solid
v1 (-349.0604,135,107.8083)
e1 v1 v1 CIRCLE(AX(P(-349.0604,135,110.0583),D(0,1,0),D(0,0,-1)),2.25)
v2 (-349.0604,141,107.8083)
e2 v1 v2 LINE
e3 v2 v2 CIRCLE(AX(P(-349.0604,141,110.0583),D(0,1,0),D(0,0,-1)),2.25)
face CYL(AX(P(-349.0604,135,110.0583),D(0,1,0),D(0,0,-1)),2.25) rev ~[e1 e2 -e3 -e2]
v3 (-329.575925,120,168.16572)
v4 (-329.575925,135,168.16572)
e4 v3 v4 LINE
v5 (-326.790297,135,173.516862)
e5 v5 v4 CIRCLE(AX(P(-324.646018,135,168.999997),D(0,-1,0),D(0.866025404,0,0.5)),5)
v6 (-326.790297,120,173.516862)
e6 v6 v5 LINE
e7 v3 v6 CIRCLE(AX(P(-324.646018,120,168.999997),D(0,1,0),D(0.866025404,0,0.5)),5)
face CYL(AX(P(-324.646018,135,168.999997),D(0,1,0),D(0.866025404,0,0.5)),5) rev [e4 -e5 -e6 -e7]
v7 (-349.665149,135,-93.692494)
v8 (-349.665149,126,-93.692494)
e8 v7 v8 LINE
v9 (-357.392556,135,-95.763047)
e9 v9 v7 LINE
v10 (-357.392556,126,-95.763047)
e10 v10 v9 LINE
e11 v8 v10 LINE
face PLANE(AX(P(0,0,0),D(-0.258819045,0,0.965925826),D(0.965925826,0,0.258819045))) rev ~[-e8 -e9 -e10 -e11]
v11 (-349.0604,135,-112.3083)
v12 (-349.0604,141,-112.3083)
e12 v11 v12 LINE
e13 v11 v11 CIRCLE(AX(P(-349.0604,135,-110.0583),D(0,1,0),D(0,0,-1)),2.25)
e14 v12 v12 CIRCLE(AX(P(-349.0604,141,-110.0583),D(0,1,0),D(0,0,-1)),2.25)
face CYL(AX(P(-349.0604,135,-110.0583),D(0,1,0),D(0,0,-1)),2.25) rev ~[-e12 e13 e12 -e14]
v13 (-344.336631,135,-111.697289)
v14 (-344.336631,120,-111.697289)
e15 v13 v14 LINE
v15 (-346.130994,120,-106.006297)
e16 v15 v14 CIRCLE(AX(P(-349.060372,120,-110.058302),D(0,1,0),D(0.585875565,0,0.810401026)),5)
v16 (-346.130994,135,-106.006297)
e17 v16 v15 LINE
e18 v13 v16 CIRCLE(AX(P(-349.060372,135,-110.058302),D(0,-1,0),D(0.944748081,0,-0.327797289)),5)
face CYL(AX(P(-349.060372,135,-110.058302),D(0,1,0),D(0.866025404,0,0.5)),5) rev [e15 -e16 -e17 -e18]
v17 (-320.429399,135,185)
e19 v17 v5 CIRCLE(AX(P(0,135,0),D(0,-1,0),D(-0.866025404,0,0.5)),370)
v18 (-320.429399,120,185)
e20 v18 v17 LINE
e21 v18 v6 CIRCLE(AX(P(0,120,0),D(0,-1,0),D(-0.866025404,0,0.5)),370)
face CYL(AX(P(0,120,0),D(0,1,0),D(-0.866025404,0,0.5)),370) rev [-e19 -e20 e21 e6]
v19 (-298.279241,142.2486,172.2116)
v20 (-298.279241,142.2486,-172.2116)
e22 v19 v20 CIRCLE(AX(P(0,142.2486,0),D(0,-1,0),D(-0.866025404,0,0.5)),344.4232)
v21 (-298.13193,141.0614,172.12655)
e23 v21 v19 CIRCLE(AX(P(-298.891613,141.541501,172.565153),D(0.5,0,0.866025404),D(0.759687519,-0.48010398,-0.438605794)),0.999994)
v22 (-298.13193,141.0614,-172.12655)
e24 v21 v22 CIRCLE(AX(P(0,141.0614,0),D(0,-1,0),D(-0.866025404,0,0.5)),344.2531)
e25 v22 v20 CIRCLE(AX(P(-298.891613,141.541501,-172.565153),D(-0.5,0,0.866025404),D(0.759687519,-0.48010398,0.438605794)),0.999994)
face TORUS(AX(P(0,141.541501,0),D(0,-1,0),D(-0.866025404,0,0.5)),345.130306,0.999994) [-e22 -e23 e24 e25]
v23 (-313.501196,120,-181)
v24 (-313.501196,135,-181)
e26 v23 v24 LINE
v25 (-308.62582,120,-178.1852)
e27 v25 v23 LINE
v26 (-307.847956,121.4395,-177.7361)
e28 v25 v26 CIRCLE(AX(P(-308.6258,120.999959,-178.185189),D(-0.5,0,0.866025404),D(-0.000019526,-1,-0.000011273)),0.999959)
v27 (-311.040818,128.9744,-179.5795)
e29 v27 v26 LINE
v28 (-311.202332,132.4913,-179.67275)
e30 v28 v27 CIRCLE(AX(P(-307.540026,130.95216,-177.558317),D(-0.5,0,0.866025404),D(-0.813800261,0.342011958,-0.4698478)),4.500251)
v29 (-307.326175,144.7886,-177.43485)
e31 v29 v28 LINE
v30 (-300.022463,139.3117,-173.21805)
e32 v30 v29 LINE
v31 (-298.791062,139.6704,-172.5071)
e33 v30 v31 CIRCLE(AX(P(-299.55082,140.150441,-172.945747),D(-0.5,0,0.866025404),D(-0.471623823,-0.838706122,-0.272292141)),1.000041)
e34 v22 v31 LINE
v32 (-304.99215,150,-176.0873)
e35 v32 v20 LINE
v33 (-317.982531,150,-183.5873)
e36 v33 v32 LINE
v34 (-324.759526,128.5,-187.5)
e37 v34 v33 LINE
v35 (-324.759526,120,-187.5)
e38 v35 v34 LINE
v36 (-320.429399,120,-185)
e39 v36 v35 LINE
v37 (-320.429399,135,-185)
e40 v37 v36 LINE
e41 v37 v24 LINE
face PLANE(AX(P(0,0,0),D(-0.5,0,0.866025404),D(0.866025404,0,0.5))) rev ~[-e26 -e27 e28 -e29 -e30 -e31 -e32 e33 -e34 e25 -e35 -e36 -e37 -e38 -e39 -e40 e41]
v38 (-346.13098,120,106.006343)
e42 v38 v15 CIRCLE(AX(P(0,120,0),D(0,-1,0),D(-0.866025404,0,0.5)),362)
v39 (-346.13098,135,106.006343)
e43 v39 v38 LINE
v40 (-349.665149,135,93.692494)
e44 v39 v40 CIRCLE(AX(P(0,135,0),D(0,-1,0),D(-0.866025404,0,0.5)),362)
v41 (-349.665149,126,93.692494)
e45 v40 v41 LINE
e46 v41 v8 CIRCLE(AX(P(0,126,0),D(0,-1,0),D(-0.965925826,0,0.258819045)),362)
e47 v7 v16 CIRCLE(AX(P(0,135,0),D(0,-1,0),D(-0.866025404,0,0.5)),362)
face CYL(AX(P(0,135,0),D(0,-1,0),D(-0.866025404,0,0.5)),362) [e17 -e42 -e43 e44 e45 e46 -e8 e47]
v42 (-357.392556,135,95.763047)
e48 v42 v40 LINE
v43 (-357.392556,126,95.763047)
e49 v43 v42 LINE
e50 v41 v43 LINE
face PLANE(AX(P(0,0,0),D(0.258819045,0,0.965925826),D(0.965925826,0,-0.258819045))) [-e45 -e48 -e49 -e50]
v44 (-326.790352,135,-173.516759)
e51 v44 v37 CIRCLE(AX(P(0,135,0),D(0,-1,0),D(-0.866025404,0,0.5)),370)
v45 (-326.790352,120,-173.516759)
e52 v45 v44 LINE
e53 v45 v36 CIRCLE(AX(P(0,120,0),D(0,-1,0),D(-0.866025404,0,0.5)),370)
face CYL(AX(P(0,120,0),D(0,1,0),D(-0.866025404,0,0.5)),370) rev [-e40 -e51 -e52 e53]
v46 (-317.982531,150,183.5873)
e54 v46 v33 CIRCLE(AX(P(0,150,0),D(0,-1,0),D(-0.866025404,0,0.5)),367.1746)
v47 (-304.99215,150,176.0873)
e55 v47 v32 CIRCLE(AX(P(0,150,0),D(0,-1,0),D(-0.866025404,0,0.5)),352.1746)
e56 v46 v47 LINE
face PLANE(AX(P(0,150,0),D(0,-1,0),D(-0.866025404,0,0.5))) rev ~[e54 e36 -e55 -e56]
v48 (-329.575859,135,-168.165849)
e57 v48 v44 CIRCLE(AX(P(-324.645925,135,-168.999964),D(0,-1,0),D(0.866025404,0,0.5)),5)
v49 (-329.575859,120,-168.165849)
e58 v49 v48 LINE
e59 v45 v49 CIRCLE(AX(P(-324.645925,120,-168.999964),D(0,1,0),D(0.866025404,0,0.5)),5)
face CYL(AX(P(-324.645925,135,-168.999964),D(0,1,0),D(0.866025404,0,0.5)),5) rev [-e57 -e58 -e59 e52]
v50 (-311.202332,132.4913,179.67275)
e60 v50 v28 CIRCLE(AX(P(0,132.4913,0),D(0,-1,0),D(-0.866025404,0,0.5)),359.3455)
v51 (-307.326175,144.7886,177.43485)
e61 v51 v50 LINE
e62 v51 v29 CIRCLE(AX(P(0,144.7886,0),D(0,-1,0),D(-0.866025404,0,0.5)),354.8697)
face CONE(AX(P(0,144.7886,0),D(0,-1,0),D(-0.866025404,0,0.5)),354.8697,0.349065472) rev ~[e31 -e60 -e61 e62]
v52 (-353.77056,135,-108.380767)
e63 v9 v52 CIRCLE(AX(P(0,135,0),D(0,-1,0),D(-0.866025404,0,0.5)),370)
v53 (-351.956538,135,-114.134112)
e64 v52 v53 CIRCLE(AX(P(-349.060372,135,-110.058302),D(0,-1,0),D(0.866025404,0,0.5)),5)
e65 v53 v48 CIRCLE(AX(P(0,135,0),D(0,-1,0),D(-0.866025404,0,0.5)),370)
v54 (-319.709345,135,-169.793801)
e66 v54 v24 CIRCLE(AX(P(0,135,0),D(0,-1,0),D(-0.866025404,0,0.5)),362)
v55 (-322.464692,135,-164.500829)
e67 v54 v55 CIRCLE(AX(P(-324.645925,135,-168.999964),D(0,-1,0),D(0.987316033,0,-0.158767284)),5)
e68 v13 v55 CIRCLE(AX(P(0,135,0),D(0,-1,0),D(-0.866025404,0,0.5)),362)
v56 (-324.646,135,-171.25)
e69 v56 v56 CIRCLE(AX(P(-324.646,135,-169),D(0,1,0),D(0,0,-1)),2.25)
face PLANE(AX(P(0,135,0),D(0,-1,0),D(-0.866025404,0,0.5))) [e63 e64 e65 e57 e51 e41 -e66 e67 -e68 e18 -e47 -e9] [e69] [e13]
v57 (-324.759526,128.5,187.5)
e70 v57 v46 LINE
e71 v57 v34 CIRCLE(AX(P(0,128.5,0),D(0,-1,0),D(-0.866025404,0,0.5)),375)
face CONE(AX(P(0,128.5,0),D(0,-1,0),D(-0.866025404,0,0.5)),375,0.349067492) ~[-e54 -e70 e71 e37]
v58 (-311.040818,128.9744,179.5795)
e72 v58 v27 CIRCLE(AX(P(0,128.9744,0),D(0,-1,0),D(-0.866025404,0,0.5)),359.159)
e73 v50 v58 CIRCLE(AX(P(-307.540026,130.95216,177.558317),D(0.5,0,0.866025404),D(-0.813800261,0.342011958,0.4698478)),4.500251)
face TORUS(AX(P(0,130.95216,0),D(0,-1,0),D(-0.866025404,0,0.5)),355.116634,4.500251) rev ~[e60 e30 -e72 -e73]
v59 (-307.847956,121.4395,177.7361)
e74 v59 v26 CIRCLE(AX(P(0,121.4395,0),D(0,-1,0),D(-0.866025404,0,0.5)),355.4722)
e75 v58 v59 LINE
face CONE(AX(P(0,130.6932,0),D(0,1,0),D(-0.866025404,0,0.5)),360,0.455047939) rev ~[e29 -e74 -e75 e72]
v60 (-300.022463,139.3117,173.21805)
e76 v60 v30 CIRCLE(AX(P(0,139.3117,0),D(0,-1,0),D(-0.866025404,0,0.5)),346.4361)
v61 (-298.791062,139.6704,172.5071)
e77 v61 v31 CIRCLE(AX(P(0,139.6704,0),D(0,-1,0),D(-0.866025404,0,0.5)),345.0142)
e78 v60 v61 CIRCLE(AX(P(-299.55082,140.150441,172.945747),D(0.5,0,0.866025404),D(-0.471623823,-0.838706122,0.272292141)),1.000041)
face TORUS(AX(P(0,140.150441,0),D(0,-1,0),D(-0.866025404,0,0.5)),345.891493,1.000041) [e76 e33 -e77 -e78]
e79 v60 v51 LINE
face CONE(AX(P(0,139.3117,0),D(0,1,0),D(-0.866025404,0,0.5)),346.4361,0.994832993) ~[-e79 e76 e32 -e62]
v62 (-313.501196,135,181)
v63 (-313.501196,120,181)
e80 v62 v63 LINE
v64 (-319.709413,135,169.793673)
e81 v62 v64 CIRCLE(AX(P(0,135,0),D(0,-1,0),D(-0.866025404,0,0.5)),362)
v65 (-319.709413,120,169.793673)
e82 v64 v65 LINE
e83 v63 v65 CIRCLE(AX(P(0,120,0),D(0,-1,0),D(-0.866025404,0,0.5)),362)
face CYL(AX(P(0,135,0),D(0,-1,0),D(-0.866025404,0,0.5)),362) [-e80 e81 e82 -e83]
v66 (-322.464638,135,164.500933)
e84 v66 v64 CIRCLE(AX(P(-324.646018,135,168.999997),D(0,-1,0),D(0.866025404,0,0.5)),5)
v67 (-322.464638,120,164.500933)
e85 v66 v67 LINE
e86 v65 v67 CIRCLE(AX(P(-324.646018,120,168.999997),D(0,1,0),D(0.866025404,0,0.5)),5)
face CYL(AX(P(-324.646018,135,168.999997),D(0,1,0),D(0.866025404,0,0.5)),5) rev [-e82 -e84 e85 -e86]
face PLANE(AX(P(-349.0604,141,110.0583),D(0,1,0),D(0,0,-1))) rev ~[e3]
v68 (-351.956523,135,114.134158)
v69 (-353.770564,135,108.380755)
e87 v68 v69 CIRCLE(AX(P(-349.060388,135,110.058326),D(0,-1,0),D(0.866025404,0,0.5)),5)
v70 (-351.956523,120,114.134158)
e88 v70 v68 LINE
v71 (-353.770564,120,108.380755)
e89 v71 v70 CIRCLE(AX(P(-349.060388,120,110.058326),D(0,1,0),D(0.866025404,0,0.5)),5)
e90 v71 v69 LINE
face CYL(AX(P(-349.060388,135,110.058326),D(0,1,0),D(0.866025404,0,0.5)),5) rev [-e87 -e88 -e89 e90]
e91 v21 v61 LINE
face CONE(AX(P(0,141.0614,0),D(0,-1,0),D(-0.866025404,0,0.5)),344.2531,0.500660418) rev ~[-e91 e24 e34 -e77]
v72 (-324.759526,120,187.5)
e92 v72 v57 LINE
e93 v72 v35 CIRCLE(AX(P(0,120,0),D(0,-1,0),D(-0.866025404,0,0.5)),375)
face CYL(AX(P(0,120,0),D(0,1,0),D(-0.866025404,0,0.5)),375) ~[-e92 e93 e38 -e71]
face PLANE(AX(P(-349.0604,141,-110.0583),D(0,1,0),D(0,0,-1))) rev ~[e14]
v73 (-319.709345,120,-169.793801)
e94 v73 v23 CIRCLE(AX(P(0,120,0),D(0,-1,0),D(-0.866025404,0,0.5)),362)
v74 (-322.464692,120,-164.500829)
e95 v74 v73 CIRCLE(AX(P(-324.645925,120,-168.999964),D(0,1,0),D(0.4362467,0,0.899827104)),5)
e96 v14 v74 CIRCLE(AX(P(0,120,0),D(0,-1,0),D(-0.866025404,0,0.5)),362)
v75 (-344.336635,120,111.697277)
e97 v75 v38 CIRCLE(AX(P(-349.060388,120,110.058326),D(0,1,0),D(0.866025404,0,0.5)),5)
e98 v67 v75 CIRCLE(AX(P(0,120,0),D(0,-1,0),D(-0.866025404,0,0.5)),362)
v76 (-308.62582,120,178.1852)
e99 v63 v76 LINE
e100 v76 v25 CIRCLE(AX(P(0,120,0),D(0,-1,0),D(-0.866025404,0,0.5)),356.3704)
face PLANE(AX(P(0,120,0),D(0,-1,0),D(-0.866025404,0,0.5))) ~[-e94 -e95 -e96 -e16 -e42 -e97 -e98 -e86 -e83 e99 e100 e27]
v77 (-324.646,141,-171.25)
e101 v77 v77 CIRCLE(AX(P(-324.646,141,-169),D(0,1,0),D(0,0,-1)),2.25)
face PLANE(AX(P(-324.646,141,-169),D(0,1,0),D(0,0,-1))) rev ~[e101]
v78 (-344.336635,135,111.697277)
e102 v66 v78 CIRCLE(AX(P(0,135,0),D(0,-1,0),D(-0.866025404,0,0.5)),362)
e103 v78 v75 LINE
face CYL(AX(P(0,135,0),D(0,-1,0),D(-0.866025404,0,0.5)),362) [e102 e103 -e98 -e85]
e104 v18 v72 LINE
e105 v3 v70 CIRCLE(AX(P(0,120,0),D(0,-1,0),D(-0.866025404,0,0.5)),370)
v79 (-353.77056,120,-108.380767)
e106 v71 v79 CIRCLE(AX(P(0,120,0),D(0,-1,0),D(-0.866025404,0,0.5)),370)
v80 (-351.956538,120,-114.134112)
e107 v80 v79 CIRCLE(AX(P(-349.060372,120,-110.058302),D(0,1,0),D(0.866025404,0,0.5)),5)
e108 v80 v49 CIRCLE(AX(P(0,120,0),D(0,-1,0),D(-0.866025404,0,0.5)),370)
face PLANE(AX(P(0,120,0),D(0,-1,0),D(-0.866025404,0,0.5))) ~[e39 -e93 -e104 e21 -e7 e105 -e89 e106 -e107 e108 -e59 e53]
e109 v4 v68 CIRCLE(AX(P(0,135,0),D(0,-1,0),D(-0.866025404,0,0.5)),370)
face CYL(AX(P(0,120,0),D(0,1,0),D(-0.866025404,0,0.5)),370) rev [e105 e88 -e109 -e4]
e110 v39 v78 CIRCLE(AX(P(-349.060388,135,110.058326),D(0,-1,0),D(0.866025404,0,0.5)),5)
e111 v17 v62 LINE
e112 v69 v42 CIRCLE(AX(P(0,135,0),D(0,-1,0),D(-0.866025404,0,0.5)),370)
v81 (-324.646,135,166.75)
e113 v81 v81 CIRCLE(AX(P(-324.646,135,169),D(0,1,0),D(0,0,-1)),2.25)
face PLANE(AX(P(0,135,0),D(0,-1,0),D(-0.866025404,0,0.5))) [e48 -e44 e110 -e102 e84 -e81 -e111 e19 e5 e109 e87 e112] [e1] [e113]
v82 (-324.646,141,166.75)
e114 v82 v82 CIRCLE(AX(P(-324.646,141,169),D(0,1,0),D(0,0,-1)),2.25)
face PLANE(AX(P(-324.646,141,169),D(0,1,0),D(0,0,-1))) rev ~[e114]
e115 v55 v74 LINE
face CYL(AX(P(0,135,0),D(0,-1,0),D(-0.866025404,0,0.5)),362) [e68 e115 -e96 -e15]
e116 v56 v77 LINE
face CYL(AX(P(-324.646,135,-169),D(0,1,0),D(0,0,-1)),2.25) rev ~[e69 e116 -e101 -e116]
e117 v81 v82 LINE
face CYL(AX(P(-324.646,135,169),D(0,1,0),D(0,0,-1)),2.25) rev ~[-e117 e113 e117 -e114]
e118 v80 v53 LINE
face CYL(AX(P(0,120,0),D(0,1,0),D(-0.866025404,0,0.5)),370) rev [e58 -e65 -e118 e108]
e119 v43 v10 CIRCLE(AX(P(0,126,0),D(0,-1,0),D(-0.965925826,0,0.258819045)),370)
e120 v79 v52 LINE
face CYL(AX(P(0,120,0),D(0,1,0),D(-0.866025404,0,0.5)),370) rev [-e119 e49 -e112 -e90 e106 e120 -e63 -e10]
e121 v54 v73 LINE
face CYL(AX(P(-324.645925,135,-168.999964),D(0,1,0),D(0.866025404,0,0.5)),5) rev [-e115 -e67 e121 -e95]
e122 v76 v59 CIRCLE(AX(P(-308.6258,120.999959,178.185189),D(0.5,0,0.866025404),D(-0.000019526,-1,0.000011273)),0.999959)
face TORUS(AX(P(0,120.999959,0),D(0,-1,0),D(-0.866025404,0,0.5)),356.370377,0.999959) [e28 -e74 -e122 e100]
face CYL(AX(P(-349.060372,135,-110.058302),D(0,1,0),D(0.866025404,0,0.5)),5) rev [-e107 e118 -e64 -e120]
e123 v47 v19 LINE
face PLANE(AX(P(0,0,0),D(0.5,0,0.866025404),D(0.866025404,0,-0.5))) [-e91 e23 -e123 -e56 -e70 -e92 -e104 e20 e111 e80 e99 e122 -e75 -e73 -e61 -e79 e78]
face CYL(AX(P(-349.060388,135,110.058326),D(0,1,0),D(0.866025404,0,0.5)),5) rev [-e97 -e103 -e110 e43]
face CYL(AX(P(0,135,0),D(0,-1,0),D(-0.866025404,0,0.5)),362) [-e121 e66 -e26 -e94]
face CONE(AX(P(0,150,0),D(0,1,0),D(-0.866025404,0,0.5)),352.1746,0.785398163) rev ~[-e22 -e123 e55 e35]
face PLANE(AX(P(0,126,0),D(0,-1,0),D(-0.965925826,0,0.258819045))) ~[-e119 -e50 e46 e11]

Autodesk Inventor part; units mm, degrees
ref_plane "YZ Plane" through (0, 0, 0) normal (1, 0, 0) x (0, 1, 0)
ref_plane "XZ Plane" through (0, 0, 0) normal (0, 1, 0) x (-1, 0, 0)
ref_plane "XY Plane" through (0, 0, 0) normal (0, 0, 1) x (1, 0, 0)
sketch "Skizze1" plane through (0, 0, 0) normal (0, 0, 1) x (1, 0, 0)
  arc A0 (-346.4361, 139.3117) -> (-345.0142, 139.6704) centre (-345.8915, 140.1504) ccw
  line L0 (-344.2531, 141.0614) -> (-345.0142, 139.6704)
  arc A1 (-344.2531, 141.0614) -> (-344.4232, 142.2486) centre (-345.1303, 141.5415) ccw
  line L1 (-352.1746, 150) -> (-344.4232, 142.2486)
  line L2 (-367.1746, 150) -> (-352.1746, 150)
  line L3 (-375, 128.5) -> (-367.1746, 150)
  line L4 (-375, 120) -> (-375, 128.5)
  line L5 (-356.3704, 120) -> (-375, 120)
  line L6 (0, 0) -> (-360, 0) construction
  line L7 (-356.9218, 139.1504) -> (-345, 0) construction
  line L8 (-356.9218, 139.1504) -> (0, 139.1504) construction
  line L9 (0, 139.1504) -> (0, 0) construction
  line L10 (-360, 130.6932) -> (-360, 0) construction
  line L11 (0, 0) -> (-225, 0) construction
  line L12 (-225, 0) -> (-225, 50) construction
  line L13 (-225, 50) -> (0, 50) construction
  line L14 (0, 50) -> (0, 0) construction
  line L15 (-346.4361, 139.3117) -> (-354.8697, 144.7886)
  line L16 (-360, 130.6932) -> (-355.4722, 121.4395)
  arc A2 (-356.3704, 120) -> (-355.4722, 121.4395) centre (-356.3704, 121) ccw
  line L17 (-225, 0) -> (-345, 0) construction
  line L18 (-345, 0) -> (-345, 35) construction
  line L19 (-345, 35) -> (-225, 35) construction
  line L20 (-225, 35) -> (-225, 0) construction
  line L21 (-354.8697, 144.7886) -> (-360, 130.6932)
  line L22 (-356.9218, 139.1504) -> (0, 9.2415) construction
  line L23 (-344.2531, 141.0614) -> (-355.4932, 120.52) construction
  line L24 (-368.25, 135) -> (-363.75, 135) construction
  line L25 (-363.75, 135) -> (-363.75, 141) construction
  line L26 (-363.75, 141) -> (-368.25, 141) construction
  line L27 (-368.25, 141) -> (-368.25, 135) construction
  line L28 (-367.6, 135) -> (-364.4, 135) construction
  line L29 (-364.4, 135) -> (-364.4, 129) construction
  line L30 (-364.4, 129) -> (-367.6, 129) construction
  line L31 (-367.6, 129) -> (-367.6, 135) construction
  line L32 (-369, 129) -> (-363, 129) construction
  line L33 (-363, 129) -> (-363, 126) construction
  line L34 (-363, 126) -> (-369, 126) construction
  line L35 (-369, 126) -> (-369, 129) construction
  arc A3 (-359.3455, 132.4913) -> (-359.159, 128.9744) centre (-355.1169, 130.9522) ccw
  line L36 (-362, 120) -> (-370, 120)
  line L37 (-370, 120) -> (-370, 135)
  line L38 (-370, 135) -> (-362, 135)
  line L39 (-362, 135) -> (-362, 120)
  line L40 (-370, 135) -> (-362, 135)
  line L41 (-362, 135) -> (-362, 126)
  line L42 (-362, 126) -> (-370, 126)
  line L43 (-370, 126) -> (-370, 135)
  line L44 (-360, 130.6932) -> (-360, 120)
  point P0 (-366, 129)
  point P1 (-366, 135)
  dimension "d1" = 30
  dimension "d5" = 1
  dimension "d9" = 135
  dimension "d14" = 8.5
  dimension "d18" = 360
  dimension "d25" = 50
  dimension "d26" = 225
  dimension "d31" = 15
  dimension "d40" = 3.5
  dimension "d41" = 120
  dimension "d42" = 35
  dimension "d43" = 1
  dimension "d47" = 6
  dimension "d50" = 65.103
  dimension "d54" = 15
  dimension "d59" = 12
  dimension "d60" = 160
  dimension "d66" = 15
  dimension "d70" = 4.5
  dimension "d71" = 6
  dimension "d73" = 3.2
  dimension "d74" = 3
  dimension "d75" = 6
  dimension "d76" = 6
  dimension "d77" = 6
  dimension "d79" = 4.5
  dimension "d80" = 15
  dimension "d81" = 2
  dimension "d82" = 8
  dimension "d83" = 120
revolve "Umdrehung1" add sketch "Skizze1" angle 60 mid plane about axis through (0, 139.1504, 0) along (0, -1, 0) contours L15 L21 L44 L5 L39 L38 L37 L4 L3 L2 L1 A1 L0 A0 | A3 L16 L21 | L16 A2 L5 L44
revolve "Umdrehung2" add sketch "Skizze1" angle 30 mid plane about axis through (0, 139.1504, 0) along (0, -1, 0) contours L42 L37 L38 L39
sketch "Skizze2" plane through (-320.4294, 135, -185) normal (0, -1, 0) x (0.866, 0, 0.5)
  arc A0 (185, 320.4294) -> (0, 0) centre (370, 0) ccw projected
  arc A1 (189, 313.5012) -> (8, 0) centre (370, 0) ccw projected
  line L0 (108.3705, 261.6295) -> (114.0273, 255.9727) projected
  arc A2 (108.3705, 261.6295) -> (12.6074, 95.763) centre (370, 0) ccw projected
  line L1 (20.3349, 93.6925) -> (12.6074, 95.763) projected
  arc A3 (114.0273, 255.9727) -> (20.3349, 93.6925) centre (370, 0) ccw projected
  line L2 (8, 0) -> (0, 0) projected
  line L3 (185, 320.4294) -> (189, 313.5012) projected
  arc A4 (187, 316.9653) -> (4, 0) centre (370, 0) ccw construction
  circle A5 centre (4.3484, 15.9647) radius 2.25
  circle A6 centre (12.6757, 79.2169) radius 2.25
  circle A7 centre (122.734, 269.8435) radius 2.25
  circle A8 centre (173.3483, 308.6813) radius 2.25
  line L4 (4.3484, 15.9647) -> (370, 0) construction
  line L5 (370, 0) -> (12.6757, 79.2169) construction
  line L6 (122.734, 269.8435) -> (370, 0) construction
  line L7 (173.3483, 308.6813) -> (370, 0) construction
  line L8 (4, 0) -> (370, 0) construction
  line L9 (187, 316.9653) -> (370, 0) construction
  circle A9 centre (173.3483, 308.6813) radius 5
  circle A10 centre (122.734, 269.8435) radius 5
  circle A11 centre (12.6757, 79.2169) radius 5
  circle A12 centre (4.3484, 15.9647) radius 5
  dimension "d85" = 2.5
  dimension "d86" = 10
  dimension "d87" = 2.5
  dimension "d88" = 10
  dimension "d89" = 4.5
  dimension "d97" = 10
hole "Bohrung1" at (-324.646, 135, -169) at (-349.0604, 135, -110.0583) at (-349.0604, 135, 110.0583) at (-324.646, 135, 169) direction (0, 1, 0) diameter 4.5 depth 6
extrude "Extrusion1" cut sketch "Skizze2" along normal through all contours A10 A0 | A0 A10 A1 | A11 A1 A0 | A0 A11 | A1 A10 | A11 A1 | A9 A0 | A0 A9 A1 | A12 A1 A0 | A0 A12 | A1 A9 | A12 A1 | A5 | A6 | A7 | A8
properties part number "LED-Ring_Element_v2"
